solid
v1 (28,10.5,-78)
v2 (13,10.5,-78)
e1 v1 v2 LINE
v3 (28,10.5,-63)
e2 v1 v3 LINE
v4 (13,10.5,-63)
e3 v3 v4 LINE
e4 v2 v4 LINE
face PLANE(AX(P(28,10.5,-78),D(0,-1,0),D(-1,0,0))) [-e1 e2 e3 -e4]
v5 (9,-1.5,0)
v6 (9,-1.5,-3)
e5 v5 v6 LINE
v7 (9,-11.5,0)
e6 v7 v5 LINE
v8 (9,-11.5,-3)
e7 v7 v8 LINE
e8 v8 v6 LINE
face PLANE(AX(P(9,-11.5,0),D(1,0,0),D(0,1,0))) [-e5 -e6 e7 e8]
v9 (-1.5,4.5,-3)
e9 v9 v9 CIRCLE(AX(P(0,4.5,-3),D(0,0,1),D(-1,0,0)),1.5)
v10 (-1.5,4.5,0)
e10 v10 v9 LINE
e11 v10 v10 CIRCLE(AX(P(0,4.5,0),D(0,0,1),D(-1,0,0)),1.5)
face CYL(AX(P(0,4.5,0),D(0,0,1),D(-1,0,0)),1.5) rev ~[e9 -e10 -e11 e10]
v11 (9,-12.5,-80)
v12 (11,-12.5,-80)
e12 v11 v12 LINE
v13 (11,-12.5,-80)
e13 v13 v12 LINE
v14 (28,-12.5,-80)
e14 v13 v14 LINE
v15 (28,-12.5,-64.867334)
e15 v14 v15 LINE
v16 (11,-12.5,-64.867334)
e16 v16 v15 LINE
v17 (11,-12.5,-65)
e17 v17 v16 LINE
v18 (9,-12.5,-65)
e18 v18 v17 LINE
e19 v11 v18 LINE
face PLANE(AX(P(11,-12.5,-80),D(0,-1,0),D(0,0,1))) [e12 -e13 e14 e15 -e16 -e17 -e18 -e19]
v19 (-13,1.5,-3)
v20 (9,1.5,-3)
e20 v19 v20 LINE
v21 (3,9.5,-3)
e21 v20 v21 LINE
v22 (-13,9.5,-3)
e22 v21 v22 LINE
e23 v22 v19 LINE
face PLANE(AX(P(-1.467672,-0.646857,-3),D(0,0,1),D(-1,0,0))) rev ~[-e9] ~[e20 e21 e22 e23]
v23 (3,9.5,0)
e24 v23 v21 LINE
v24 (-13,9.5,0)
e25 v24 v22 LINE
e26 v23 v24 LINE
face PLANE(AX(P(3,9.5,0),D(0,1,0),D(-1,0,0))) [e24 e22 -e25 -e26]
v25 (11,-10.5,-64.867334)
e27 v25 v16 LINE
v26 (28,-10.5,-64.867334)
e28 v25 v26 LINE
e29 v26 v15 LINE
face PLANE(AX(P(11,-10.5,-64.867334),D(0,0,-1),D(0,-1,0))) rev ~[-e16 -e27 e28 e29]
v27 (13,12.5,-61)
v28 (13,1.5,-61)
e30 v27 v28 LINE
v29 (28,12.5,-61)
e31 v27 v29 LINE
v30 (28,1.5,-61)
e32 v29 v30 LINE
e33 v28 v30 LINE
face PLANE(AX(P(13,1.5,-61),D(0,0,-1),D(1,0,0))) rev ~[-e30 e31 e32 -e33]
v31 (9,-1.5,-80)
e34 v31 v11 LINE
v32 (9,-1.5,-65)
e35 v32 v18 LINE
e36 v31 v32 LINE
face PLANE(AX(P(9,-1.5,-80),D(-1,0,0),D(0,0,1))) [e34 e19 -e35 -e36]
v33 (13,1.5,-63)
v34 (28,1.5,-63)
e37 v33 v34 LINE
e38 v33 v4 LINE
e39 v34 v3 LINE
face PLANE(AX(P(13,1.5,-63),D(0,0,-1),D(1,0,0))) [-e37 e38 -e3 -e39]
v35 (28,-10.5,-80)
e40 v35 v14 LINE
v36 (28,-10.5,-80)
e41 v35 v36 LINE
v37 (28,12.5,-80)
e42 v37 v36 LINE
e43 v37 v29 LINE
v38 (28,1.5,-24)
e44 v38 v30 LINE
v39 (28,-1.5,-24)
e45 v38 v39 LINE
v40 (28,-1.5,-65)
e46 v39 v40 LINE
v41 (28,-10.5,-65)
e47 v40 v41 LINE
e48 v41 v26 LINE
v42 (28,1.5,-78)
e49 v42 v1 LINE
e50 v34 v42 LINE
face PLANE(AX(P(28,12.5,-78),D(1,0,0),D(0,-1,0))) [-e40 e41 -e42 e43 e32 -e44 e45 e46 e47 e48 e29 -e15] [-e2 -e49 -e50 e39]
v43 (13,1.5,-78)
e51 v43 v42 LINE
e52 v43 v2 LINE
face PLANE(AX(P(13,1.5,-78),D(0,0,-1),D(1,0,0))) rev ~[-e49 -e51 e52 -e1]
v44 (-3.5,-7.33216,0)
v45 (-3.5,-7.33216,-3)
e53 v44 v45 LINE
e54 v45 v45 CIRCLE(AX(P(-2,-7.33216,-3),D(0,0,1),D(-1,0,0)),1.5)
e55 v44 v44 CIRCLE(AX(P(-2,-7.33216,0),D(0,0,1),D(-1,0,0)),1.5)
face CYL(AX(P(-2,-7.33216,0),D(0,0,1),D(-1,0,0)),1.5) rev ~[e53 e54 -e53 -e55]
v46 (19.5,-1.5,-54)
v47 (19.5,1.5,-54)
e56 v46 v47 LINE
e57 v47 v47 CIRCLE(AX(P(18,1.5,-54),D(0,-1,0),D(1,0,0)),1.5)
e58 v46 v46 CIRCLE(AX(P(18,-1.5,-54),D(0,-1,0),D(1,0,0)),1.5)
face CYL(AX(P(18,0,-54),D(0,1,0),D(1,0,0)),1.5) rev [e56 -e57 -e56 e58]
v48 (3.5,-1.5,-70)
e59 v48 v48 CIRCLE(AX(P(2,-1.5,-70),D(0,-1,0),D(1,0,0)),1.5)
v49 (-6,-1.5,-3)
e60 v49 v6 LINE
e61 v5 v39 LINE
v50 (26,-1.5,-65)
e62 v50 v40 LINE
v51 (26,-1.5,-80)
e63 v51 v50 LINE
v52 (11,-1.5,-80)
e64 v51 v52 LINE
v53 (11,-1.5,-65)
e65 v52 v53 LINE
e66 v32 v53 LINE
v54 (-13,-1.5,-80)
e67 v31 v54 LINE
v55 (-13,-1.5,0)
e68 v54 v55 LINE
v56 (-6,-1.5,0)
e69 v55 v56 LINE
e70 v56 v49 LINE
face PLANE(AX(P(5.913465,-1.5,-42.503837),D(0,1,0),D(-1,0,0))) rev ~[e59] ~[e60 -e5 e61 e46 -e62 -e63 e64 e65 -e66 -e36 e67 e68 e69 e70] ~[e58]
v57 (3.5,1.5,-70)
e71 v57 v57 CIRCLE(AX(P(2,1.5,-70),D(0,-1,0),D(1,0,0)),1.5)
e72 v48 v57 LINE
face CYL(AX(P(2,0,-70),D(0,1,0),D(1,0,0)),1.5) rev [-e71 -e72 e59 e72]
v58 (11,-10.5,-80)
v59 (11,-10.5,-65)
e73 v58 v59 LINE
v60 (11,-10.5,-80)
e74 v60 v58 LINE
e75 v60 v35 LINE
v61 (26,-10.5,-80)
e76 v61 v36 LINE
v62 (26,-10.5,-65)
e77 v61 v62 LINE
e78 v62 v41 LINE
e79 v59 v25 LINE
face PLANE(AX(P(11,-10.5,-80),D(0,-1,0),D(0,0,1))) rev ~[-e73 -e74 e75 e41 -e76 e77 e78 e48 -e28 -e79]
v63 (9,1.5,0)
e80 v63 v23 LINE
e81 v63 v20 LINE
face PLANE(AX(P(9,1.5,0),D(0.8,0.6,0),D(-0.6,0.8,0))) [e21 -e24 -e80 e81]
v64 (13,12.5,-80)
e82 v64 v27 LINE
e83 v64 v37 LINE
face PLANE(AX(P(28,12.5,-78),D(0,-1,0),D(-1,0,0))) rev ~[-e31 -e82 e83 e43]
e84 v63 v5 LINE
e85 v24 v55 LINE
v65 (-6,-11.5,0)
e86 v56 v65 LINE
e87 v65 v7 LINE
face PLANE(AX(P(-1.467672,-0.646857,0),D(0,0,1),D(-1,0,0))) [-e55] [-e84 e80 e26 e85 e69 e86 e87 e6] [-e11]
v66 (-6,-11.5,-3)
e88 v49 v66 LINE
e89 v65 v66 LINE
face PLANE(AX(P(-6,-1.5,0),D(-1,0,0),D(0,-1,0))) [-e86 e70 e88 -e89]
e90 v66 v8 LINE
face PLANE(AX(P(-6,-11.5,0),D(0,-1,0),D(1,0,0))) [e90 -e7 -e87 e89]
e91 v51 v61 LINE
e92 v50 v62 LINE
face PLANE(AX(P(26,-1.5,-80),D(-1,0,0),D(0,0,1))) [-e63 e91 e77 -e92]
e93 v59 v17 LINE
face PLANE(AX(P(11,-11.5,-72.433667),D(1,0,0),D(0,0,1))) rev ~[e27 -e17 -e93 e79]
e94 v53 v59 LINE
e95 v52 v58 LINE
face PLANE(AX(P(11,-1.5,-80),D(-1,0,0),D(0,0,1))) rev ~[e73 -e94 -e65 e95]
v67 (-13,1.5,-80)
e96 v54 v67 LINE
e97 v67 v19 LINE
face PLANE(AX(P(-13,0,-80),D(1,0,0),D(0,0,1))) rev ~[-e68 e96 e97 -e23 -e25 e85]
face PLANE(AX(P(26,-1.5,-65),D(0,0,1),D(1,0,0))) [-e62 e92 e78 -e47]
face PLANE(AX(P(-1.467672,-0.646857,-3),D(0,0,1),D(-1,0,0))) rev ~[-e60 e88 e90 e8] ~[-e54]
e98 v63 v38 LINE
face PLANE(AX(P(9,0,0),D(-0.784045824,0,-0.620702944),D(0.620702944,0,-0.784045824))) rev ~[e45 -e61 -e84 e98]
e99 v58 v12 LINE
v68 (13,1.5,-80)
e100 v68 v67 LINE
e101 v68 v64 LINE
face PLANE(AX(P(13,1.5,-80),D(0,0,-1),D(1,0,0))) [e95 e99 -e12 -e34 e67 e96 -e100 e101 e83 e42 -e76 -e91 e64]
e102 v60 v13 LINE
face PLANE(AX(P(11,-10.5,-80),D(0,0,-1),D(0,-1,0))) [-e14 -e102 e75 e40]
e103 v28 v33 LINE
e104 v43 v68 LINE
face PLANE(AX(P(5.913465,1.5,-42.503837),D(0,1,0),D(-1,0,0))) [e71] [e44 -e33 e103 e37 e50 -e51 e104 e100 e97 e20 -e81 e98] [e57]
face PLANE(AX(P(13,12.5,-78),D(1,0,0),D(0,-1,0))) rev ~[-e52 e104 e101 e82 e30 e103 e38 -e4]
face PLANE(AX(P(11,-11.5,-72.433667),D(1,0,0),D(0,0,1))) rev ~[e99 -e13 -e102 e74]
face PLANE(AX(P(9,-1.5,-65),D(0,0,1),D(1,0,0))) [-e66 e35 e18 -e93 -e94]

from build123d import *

# Parameters (mm, degrees)
SKETCH_R     = 1.5
PAD_DEPTH    = 1.5
SKETCH001_R  = 1.5
PAD001_DEPTH = 3
SKETCH002_W  = 2
SKETCH002_H  = 15
PAD002_DEPTH = 11
SKETCH003_W  = 15.132667
SKETCH003_H  = 2
PAD003_DEPTH = 17
SKETCH004_W  = 15
SKETCH004_H  = 2
PAD004_DEPTH = 11
SKETCH005_W  = 15
SKETCH005_H  = 2
PAD005_DEPTH = 17


with BuildPart() as part:
    # Sketch → Pad (new body, symmetric)
    with BuildSketch(Plane.XZ):
        Polygon((28, -24), (28, -80), (-13, -80), (-13, 0), (9, 0), align=None)
        with Locations((18, -54)):
            Circle(SKETCH_R, mode=Mode.SUBTRACT)
        with Locations((2, -70)):
            Circle(SKETCH_R, mode=Mode.SUBTRACT)
    extrude(amount=PAD_DEPTH, both=True)

    # Sketch001 (on Face4 of Pad) → Pad001 (join)
    with BuildSketch(Plane(origin=(0, 0, 0), x_dir=(-1, 0, 0), z_dir=(0, 0, 1))):
        Polygon((-9, -1.5), (-3, -9.5), (13, -9.5), (13, -1.5), (6, 1.5), (6, 11.5), (-9, 11.5), (-9, 1.5), align=None)
        with Locations((0, -4.5)):
            Circle(SKETCH001_R, mode=Mode.SUBTRACT)
        with Locations((2, 7.33216)):
            Circle(SKETCH001_R, mode=Mode.SUBTRACT)
    extrude(amount=-PAD001_DEPTH)

    # Sketch002 (on Face5 of Pad001) → Pad002 (join)
    with BuildSketch(Plane.XZ.offset(1.5)):
        with Locations((27, -72.5)):
            Rectangle(SKETCH002_W, SKETCH002_H)
        with Locations((10, -72.5)):
            Rectangle(SKETCH002_W, SKETCH002_H)
    extrude(amount=PAD002_DEPTH)

    # Sketch003 (on Face21 of Pad002) → Pad003 (join)
    with BuildSketch(Plane(origin=(11, 0, 0), x_dir=(0, 0, 1), z_dir=(1, 0, 0))):
        with Locations((-72.433667, 11.5)):
            Rectangle(SKETCH003_W, SKETCH003_H)
    extrude(amount=PAD003_DEPTH)

    # Sketch004 (on Face4 of Pad003) → Pad004 (join)
    with BuildSketch(Plane(origin=(0, 1.5, 0), x_dir=(1, 0, 0), z_dir=(0, 1, 0))):
        with Locations((20.5, 79)):
            Rectangle(SKETCH004_W, SKETCH004_H)
        with Locations((20.5, 62)):
            Rectangle(SKETCH004_W, SKETCH004_H)
    extrude(amount=PAD004_DEPTH)

    # Sketch005 (on Face17 of Pad004) → Pad005 (join)
    with BuildSketch(Plane(origin=(0, 0, -78), x_dir=(-1, 0, 0), z_dir=(0, 0, 1))):
        with Locations((-20.5, -11.5)):
            Rectangle(SKETCH005_W, SKETCH005_H)
    extrude(amount=PAD005_DEPTH)


solid = part.part
